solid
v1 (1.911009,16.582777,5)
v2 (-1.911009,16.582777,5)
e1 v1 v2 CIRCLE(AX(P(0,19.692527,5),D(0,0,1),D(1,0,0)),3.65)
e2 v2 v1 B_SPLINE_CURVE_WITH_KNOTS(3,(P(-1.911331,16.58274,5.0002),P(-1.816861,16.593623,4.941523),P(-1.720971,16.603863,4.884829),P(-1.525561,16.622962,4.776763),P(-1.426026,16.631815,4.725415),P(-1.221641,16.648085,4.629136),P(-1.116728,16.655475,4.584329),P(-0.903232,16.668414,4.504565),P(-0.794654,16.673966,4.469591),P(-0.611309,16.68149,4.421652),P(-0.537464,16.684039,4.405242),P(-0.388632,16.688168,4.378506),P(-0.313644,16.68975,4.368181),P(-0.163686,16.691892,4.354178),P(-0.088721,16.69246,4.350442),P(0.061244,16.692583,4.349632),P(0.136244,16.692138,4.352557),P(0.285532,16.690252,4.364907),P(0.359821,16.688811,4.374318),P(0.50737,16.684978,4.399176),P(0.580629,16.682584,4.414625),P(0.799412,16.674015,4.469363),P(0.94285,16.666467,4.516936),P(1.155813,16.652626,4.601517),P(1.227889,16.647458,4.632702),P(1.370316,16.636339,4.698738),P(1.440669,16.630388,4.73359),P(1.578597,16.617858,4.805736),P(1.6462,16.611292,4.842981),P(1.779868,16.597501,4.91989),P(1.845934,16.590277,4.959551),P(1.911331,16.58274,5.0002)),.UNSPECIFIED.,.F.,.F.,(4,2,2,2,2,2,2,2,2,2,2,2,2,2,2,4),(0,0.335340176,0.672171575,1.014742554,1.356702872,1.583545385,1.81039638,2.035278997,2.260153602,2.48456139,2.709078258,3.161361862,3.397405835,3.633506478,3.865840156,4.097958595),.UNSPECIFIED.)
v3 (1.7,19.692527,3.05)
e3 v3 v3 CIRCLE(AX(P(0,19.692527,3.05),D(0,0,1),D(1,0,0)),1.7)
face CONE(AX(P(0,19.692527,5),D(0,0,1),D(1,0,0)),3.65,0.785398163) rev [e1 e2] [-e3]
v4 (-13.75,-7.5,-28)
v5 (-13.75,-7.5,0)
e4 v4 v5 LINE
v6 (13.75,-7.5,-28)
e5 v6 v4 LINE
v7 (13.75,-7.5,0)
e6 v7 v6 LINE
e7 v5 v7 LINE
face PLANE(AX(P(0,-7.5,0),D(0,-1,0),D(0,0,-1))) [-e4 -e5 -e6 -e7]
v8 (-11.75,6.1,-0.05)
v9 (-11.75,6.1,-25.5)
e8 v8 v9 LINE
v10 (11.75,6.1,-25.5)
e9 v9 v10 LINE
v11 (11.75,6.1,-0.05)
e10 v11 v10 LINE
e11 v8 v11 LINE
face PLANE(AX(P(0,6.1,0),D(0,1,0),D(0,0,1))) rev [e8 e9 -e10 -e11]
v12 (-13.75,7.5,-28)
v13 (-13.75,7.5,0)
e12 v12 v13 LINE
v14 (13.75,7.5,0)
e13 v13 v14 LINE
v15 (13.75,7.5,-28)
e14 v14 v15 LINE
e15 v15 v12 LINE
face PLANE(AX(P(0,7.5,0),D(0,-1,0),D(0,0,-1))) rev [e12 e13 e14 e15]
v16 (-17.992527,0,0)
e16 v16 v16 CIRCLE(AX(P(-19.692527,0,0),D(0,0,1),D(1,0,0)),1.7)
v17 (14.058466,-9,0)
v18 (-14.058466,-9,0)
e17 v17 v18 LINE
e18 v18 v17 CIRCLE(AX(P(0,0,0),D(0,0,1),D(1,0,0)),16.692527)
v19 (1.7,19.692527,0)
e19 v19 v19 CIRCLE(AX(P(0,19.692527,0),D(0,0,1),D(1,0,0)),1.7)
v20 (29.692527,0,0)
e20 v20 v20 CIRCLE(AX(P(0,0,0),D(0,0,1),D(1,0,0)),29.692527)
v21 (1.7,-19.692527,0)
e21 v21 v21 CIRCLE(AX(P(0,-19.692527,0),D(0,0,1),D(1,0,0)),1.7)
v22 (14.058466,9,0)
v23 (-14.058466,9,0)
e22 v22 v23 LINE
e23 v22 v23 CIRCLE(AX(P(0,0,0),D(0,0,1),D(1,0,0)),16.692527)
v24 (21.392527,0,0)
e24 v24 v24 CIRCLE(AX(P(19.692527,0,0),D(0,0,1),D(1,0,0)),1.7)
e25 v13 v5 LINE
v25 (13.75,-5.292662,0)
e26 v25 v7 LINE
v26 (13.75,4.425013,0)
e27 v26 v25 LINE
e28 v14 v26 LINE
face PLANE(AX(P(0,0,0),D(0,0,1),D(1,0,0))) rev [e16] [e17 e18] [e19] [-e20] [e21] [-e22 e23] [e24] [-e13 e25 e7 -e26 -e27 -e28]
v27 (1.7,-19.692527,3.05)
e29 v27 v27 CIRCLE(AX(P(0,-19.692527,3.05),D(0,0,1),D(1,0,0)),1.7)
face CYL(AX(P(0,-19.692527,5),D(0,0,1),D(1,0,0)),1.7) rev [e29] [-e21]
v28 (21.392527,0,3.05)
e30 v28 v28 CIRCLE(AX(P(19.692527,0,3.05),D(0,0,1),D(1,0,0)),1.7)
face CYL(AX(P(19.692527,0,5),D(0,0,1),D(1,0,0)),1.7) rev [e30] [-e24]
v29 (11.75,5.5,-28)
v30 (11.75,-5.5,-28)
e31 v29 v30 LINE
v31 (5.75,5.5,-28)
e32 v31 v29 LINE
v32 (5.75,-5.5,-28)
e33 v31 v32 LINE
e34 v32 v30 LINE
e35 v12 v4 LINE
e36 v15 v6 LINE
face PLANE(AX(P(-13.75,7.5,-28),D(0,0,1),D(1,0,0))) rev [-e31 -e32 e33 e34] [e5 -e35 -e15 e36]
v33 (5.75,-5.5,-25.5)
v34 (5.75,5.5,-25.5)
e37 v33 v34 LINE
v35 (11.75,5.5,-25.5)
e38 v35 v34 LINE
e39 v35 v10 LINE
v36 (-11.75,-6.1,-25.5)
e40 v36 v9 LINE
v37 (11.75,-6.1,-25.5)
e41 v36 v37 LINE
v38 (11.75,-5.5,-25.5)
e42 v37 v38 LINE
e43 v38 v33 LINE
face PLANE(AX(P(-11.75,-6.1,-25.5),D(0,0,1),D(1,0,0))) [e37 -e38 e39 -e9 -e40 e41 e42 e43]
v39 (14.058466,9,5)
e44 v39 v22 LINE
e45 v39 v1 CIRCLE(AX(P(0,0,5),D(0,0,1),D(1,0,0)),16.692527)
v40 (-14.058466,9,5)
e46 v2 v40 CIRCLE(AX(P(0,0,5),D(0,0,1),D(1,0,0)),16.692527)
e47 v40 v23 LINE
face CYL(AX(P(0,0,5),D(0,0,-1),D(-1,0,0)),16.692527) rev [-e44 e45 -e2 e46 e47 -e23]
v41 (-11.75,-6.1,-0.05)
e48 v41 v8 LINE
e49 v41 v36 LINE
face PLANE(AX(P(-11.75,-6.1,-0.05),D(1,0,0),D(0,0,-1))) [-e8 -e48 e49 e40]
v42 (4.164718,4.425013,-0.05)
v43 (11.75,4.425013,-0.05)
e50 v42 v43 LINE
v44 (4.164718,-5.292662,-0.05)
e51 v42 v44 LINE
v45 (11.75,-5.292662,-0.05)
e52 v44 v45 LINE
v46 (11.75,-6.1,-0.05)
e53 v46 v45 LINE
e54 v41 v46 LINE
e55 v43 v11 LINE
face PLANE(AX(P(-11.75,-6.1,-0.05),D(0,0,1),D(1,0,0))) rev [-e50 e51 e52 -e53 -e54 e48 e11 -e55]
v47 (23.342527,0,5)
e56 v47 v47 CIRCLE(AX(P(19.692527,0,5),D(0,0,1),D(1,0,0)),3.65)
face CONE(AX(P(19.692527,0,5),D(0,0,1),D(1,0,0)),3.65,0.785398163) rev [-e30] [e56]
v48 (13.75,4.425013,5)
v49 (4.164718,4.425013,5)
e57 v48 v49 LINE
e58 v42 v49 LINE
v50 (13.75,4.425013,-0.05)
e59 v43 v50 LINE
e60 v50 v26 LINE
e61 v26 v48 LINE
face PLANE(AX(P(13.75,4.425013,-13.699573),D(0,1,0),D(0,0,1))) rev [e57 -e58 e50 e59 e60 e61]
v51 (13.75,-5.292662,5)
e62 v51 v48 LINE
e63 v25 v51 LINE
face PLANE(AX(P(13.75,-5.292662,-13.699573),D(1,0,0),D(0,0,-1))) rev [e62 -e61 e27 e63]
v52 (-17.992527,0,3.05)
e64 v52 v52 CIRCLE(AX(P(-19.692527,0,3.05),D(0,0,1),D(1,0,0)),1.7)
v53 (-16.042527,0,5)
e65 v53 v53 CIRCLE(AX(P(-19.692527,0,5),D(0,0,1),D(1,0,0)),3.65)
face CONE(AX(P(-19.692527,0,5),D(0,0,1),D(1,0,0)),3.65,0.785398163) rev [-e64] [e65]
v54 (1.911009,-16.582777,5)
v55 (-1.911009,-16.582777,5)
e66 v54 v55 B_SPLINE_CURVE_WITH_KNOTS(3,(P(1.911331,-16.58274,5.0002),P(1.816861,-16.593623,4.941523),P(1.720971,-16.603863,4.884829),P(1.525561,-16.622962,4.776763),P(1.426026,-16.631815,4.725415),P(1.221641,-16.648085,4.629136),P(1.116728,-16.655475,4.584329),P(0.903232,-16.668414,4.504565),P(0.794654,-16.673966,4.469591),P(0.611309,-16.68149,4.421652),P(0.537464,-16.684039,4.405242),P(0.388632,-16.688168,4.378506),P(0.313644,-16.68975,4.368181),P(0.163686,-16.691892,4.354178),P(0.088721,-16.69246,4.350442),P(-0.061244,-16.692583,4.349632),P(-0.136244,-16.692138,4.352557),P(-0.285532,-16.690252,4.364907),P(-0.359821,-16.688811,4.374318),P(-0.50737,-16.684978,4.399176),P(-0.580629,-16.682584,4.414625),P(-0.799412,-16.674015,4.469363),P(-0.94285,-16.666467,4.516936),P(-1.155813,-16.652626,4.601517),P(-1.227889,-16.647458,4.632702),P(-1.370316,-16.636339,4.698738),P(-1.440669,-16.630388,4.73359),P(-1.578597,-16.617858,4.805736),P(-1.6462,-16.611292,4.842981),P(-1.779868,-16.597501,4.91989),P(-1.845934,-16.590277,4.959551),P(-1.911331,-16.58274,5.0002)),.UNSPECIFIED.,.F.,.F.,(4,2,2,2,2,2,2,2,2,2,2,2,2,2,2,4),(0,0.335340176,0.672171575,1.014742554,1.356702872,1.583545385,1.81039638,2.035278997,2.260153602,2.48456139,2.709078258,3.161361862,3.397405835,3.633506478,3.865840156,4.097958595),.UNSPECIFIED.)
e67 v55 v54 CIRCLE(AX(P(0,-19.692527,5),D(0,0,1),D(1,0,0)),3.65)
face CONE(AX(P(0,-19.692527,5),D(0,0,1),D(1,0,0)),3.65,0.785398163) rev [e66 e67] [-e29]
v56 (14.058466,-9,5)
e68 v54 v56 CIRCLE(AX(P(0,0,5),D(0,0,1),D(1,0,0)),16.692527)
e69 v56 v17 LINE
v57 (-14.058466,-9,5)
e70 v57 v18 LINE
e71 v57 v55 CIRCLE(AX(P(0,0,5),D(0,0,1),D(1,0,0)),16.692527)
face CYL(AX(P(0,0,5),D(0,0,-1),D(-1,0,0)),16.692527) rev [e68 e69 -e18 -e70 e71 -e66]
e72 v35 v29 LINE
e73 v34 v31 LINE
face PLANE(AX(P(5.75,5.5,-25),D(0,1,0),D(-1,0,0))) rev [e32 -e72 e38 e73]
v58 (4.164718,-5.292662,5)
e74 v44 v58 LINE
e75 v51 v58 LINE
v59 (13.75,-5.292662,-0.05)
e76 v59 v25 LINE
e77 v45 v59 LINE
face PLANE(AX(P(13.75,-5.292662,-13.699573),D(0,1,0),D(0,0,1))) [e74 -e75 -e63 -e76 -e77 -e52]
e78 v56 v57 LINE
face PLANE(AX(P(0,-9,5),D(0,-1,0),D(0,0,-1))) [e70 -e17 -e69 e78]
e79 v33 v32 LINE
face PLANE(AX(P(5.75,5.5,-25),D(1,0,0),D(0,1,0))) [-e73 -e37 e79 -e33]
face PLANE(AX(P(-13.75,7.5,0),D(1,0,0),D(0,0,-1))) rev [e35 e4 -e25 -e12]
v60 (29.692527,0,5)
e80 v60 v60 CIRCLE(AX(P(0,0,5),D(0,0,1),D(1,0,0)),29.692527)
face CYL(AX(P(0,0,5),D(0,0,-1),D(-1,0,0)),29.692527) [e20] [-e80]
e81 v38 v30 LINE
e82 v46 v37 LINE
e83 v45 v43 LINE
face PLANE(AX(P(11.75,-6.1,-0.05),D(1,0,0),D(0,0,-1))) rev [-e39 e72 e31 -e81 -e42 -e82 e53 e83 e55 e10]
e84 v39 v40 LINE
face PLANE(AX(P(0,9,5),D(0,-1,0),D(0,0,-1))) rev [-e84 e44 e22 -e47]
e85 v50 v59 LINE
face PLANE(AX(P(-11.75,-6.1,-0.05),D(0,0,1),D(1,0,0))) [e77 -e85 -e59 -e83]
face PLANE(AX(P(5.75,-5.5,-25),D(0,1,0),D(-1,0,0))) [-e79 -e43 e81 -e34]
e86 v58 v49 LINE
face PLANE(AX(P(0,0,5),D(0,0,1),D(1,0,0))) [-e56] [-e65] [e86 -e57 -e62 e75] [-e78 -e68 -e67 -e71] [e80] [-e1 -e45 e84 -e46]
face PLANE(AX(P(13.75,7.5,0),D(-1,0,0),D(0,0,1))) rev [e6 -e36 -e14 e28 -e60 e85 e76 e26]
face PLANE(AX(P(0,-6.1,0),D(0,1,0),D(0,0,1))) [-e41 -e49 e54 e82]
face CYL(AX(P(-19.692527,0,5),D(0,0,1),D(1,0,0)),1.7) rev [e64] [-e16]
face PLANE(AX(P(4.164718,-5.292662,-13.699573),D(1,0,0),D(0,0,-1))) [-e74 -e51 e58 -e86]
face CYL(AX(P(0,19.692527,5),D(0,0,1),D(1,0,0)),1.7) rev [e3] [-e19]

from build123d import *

# Parameters (mm, degrees)
SKETCH1_R                                       = 29.692527183
SKETCH1_R_2                                     = 22.692527183
SKETCH1_R_3                                     = 19.692527183
SKETCH1_R_4                                     = 16.692527183
BOSS_EXTRUDE1_DEPTH                             = 5
CSK_FOR_M3_FLAT_HEAD_MACHINE_SCREW2_D           = 3.4
CSK_FOR_M3_FLAT_HEAD_MACHINE_SCREW2_DEPTH       = 12
CSK_FOR_M3_FLAT_HEAD_MACHINE_SCREW2_CSINK_D     = 7.3
CSK_FOR_M3_FLAT_HEAD_MACHINE_SCREW2_CSINK_ANGLE = 90
CSK_FOR_M3_FLAT_HEAD_MACHINE_SCREW2_TIP         = 1.021463052
SKETCH9_W                                       = 27.5
SKETCH9_H                                       = 28
BOSS_EXTRUDE2_DEPTH                             = 7.5
SKETCH10_W                                      = 23.5
SKETCH10_H                                      = 25.45
CUT_EXTRUDE1_DEPTH                              = 6.1
SKETCH12_W                                      = 6
SKETCH12_H                                      = 11
CUT_EXTRUDE2_DEPTH                              = 3
CUT_EXTRUDE3_REACH                              = 55.407
SKETCH11_W                                      = 9.585282086
SKETCH11_H                                      = 9.717675131


with BuildPart() as part:
    # Sketch1 → Boss-Extrude1 (new body)
    # profile 1 of 4: a face of its own
    with BuildSketch(Plane(origin=(0, 0, 0), x_dir=(-1, 0, 0), z_dir=(0, 0, 1))):
        with Locations(Location((0, 0, 0), (0, 0, 180))):
            Circle(SKETCH1_R)
        Circle(SKETCH1_R_2, mode=Mode.SUBTRACT)
    # profile 2 of 4: a face of its own
    with BuildSketch(Plane(origin=(0, 0, 0), x_dir=(-1, 0, 0), z_dir=(0, 0, 1))):
        Circle(SKETCH1_R_2)
        Circle(SKETCH1_R_3, mode=Mode.SUBTRACT)
    # profile 3 of 4: a face of its own
    with BuildSketch(Plane(origin=(0, 0, 0), x_dir=(-1, 0, 0), z_dir=(0, 0, 1))):
        Circle(SKETCH1_R_3)
        Circle(SKETCH1_R_4, mode=Mode.SUBTRACT)
    # profile 4 of 4: a face of its own
    with BuildSketch(Plane(origin=(0, 0, 0), x_dir=(-1, 0, 0), z_dir=(0, 0, 1))):
        with BuildLine():
            Line((14.058465911, 9), (-14.058465911, 9))
            ThreePointArc((-14.058465911, 9), (-16.692527183, 0), (-14.058465911, -9))
            Line((-14.058465911, -9), (14.058465911, -9))
            ThreePointArc((14.058465911, -9), (16.020483578, -4.688770595), (16.692527183, 0))
            ThreePointArc((16.692527183, 0), (16.020483578, 4.688770595), (14.058465911, 9))
        make_face()
    extrude(amount=BOSS_EXTRUDE1_DEPTH)

    # CSK for M3 Flat Head Machine Screw2
    with Locations(Plane.XY.offset(5)):
        with Locations((0, 19.692527183), (0, -19.692527183), (19.692527183, 0), (-19.692527183, 0)):
            CounterSinkHole(CSK_FOR_M3_FLAT_HEAD_MACHINE_SCREW2_D / 2, CSK_FOR_M3_FLAT_HEAD_MACHINE_SCREW2_CSINK_D / 2, depth=CSK_FOR_M3_FLAT_HEAD_MACHINE_SCREW2_DEPTH, counter_sink_angle=CSK_FOR_M3_FLAT_HEAD_MACHINE_SCREW2_CSINK_ANGLE)
            with Locations((0, 0, -(CSK_FOR_M3_FLAT_HEAD_MACHINE_SCREW2_DEPTH + CSK_FOR_M3_FLAT_HEAD_MACHINE_SCREW2_TIP / 2))):  # 118° drill point
                Cone(0, CSK_FOR_M3_FLAT_HEAD_MACHINE_SCREW2_D / 2, CSK_FOR_M3_FLAT_HEAD_MACHINE_SCREW2_TIP, mode=Mode.SUBTRACT)

    # Sketch9 → Boss-Extrude2 (add, symmetric)
    with BuildSketch(Plane(origin=(0, 0, 0), x_dir=(1, 0, 0), z_dir=(0, 1, 0))):
        with Locations((0, 14)):
            Rectangle(SKETCH9_W, SKETCH9_H)
    extrude(amount=BOSS_EXTRUDE2_DEPTH, both=True)

    # Sketch10 → Cut-Extrude1 (cut, symmetric)
    with BuildSketch(Plane(origin=(0, 0, 0), x_dir=(1, 0, 0), z_dir=(0, 1, 0))):
        with Locations((0, 12.775)):
            Rectangle(SKETCH10_W, SKETCH10_H)
    extrude(amount=CUT_EXTRUDE1_DEPTH, both=True, mode=Mode.SUBTRACT)

    # Sketch12 → Cut-Extrude2 (cut)
    with BuildSketch(Plane.XY.offset(-28)):
        with Locations((8.75, 0)):
            Rectangle(SKETCH12_W, SKETCH12_H)
    extrude(amount=CUT_EXTRUDE2_DEPTH, mode=Mode.SUBTRACT)

    # Cut-Extrude3: up to this face of the body (flat: up to its plane)
    cut_extrude3_end = Plane(part.part.faces().sort_by_distance((0, 0, -0.05))[0])
    # Sketch11 → Cut-Extrude3 (cut, up to the picked face)
    with BuildSketch(Plane.XY.offset(5), mode=Mode.PRIVATE) as cut_extrude3_sk1:
        with Locations((8.957358957, -0.433824782)):
            Rectangle(SKETCH11_W, SKETCH11_H)
    cut_extrude3_tool1 = split(extrude(cut_extrude3_sk1.sketch, amount=-CUT_EXTRUDE3_REACH, mode=Mode.PRIVATE), bisect_by=cut_extrude3_end, keep=Keep.BOTH, mode=Mode.PRIVATE)
    add(cut_extrude3_tool1.solids().sort_by(Axis((8.957359, -0.433825, 5), (0, 0, -1)))[0], mode=Mode.SUBTRACT)


solid = part.part
